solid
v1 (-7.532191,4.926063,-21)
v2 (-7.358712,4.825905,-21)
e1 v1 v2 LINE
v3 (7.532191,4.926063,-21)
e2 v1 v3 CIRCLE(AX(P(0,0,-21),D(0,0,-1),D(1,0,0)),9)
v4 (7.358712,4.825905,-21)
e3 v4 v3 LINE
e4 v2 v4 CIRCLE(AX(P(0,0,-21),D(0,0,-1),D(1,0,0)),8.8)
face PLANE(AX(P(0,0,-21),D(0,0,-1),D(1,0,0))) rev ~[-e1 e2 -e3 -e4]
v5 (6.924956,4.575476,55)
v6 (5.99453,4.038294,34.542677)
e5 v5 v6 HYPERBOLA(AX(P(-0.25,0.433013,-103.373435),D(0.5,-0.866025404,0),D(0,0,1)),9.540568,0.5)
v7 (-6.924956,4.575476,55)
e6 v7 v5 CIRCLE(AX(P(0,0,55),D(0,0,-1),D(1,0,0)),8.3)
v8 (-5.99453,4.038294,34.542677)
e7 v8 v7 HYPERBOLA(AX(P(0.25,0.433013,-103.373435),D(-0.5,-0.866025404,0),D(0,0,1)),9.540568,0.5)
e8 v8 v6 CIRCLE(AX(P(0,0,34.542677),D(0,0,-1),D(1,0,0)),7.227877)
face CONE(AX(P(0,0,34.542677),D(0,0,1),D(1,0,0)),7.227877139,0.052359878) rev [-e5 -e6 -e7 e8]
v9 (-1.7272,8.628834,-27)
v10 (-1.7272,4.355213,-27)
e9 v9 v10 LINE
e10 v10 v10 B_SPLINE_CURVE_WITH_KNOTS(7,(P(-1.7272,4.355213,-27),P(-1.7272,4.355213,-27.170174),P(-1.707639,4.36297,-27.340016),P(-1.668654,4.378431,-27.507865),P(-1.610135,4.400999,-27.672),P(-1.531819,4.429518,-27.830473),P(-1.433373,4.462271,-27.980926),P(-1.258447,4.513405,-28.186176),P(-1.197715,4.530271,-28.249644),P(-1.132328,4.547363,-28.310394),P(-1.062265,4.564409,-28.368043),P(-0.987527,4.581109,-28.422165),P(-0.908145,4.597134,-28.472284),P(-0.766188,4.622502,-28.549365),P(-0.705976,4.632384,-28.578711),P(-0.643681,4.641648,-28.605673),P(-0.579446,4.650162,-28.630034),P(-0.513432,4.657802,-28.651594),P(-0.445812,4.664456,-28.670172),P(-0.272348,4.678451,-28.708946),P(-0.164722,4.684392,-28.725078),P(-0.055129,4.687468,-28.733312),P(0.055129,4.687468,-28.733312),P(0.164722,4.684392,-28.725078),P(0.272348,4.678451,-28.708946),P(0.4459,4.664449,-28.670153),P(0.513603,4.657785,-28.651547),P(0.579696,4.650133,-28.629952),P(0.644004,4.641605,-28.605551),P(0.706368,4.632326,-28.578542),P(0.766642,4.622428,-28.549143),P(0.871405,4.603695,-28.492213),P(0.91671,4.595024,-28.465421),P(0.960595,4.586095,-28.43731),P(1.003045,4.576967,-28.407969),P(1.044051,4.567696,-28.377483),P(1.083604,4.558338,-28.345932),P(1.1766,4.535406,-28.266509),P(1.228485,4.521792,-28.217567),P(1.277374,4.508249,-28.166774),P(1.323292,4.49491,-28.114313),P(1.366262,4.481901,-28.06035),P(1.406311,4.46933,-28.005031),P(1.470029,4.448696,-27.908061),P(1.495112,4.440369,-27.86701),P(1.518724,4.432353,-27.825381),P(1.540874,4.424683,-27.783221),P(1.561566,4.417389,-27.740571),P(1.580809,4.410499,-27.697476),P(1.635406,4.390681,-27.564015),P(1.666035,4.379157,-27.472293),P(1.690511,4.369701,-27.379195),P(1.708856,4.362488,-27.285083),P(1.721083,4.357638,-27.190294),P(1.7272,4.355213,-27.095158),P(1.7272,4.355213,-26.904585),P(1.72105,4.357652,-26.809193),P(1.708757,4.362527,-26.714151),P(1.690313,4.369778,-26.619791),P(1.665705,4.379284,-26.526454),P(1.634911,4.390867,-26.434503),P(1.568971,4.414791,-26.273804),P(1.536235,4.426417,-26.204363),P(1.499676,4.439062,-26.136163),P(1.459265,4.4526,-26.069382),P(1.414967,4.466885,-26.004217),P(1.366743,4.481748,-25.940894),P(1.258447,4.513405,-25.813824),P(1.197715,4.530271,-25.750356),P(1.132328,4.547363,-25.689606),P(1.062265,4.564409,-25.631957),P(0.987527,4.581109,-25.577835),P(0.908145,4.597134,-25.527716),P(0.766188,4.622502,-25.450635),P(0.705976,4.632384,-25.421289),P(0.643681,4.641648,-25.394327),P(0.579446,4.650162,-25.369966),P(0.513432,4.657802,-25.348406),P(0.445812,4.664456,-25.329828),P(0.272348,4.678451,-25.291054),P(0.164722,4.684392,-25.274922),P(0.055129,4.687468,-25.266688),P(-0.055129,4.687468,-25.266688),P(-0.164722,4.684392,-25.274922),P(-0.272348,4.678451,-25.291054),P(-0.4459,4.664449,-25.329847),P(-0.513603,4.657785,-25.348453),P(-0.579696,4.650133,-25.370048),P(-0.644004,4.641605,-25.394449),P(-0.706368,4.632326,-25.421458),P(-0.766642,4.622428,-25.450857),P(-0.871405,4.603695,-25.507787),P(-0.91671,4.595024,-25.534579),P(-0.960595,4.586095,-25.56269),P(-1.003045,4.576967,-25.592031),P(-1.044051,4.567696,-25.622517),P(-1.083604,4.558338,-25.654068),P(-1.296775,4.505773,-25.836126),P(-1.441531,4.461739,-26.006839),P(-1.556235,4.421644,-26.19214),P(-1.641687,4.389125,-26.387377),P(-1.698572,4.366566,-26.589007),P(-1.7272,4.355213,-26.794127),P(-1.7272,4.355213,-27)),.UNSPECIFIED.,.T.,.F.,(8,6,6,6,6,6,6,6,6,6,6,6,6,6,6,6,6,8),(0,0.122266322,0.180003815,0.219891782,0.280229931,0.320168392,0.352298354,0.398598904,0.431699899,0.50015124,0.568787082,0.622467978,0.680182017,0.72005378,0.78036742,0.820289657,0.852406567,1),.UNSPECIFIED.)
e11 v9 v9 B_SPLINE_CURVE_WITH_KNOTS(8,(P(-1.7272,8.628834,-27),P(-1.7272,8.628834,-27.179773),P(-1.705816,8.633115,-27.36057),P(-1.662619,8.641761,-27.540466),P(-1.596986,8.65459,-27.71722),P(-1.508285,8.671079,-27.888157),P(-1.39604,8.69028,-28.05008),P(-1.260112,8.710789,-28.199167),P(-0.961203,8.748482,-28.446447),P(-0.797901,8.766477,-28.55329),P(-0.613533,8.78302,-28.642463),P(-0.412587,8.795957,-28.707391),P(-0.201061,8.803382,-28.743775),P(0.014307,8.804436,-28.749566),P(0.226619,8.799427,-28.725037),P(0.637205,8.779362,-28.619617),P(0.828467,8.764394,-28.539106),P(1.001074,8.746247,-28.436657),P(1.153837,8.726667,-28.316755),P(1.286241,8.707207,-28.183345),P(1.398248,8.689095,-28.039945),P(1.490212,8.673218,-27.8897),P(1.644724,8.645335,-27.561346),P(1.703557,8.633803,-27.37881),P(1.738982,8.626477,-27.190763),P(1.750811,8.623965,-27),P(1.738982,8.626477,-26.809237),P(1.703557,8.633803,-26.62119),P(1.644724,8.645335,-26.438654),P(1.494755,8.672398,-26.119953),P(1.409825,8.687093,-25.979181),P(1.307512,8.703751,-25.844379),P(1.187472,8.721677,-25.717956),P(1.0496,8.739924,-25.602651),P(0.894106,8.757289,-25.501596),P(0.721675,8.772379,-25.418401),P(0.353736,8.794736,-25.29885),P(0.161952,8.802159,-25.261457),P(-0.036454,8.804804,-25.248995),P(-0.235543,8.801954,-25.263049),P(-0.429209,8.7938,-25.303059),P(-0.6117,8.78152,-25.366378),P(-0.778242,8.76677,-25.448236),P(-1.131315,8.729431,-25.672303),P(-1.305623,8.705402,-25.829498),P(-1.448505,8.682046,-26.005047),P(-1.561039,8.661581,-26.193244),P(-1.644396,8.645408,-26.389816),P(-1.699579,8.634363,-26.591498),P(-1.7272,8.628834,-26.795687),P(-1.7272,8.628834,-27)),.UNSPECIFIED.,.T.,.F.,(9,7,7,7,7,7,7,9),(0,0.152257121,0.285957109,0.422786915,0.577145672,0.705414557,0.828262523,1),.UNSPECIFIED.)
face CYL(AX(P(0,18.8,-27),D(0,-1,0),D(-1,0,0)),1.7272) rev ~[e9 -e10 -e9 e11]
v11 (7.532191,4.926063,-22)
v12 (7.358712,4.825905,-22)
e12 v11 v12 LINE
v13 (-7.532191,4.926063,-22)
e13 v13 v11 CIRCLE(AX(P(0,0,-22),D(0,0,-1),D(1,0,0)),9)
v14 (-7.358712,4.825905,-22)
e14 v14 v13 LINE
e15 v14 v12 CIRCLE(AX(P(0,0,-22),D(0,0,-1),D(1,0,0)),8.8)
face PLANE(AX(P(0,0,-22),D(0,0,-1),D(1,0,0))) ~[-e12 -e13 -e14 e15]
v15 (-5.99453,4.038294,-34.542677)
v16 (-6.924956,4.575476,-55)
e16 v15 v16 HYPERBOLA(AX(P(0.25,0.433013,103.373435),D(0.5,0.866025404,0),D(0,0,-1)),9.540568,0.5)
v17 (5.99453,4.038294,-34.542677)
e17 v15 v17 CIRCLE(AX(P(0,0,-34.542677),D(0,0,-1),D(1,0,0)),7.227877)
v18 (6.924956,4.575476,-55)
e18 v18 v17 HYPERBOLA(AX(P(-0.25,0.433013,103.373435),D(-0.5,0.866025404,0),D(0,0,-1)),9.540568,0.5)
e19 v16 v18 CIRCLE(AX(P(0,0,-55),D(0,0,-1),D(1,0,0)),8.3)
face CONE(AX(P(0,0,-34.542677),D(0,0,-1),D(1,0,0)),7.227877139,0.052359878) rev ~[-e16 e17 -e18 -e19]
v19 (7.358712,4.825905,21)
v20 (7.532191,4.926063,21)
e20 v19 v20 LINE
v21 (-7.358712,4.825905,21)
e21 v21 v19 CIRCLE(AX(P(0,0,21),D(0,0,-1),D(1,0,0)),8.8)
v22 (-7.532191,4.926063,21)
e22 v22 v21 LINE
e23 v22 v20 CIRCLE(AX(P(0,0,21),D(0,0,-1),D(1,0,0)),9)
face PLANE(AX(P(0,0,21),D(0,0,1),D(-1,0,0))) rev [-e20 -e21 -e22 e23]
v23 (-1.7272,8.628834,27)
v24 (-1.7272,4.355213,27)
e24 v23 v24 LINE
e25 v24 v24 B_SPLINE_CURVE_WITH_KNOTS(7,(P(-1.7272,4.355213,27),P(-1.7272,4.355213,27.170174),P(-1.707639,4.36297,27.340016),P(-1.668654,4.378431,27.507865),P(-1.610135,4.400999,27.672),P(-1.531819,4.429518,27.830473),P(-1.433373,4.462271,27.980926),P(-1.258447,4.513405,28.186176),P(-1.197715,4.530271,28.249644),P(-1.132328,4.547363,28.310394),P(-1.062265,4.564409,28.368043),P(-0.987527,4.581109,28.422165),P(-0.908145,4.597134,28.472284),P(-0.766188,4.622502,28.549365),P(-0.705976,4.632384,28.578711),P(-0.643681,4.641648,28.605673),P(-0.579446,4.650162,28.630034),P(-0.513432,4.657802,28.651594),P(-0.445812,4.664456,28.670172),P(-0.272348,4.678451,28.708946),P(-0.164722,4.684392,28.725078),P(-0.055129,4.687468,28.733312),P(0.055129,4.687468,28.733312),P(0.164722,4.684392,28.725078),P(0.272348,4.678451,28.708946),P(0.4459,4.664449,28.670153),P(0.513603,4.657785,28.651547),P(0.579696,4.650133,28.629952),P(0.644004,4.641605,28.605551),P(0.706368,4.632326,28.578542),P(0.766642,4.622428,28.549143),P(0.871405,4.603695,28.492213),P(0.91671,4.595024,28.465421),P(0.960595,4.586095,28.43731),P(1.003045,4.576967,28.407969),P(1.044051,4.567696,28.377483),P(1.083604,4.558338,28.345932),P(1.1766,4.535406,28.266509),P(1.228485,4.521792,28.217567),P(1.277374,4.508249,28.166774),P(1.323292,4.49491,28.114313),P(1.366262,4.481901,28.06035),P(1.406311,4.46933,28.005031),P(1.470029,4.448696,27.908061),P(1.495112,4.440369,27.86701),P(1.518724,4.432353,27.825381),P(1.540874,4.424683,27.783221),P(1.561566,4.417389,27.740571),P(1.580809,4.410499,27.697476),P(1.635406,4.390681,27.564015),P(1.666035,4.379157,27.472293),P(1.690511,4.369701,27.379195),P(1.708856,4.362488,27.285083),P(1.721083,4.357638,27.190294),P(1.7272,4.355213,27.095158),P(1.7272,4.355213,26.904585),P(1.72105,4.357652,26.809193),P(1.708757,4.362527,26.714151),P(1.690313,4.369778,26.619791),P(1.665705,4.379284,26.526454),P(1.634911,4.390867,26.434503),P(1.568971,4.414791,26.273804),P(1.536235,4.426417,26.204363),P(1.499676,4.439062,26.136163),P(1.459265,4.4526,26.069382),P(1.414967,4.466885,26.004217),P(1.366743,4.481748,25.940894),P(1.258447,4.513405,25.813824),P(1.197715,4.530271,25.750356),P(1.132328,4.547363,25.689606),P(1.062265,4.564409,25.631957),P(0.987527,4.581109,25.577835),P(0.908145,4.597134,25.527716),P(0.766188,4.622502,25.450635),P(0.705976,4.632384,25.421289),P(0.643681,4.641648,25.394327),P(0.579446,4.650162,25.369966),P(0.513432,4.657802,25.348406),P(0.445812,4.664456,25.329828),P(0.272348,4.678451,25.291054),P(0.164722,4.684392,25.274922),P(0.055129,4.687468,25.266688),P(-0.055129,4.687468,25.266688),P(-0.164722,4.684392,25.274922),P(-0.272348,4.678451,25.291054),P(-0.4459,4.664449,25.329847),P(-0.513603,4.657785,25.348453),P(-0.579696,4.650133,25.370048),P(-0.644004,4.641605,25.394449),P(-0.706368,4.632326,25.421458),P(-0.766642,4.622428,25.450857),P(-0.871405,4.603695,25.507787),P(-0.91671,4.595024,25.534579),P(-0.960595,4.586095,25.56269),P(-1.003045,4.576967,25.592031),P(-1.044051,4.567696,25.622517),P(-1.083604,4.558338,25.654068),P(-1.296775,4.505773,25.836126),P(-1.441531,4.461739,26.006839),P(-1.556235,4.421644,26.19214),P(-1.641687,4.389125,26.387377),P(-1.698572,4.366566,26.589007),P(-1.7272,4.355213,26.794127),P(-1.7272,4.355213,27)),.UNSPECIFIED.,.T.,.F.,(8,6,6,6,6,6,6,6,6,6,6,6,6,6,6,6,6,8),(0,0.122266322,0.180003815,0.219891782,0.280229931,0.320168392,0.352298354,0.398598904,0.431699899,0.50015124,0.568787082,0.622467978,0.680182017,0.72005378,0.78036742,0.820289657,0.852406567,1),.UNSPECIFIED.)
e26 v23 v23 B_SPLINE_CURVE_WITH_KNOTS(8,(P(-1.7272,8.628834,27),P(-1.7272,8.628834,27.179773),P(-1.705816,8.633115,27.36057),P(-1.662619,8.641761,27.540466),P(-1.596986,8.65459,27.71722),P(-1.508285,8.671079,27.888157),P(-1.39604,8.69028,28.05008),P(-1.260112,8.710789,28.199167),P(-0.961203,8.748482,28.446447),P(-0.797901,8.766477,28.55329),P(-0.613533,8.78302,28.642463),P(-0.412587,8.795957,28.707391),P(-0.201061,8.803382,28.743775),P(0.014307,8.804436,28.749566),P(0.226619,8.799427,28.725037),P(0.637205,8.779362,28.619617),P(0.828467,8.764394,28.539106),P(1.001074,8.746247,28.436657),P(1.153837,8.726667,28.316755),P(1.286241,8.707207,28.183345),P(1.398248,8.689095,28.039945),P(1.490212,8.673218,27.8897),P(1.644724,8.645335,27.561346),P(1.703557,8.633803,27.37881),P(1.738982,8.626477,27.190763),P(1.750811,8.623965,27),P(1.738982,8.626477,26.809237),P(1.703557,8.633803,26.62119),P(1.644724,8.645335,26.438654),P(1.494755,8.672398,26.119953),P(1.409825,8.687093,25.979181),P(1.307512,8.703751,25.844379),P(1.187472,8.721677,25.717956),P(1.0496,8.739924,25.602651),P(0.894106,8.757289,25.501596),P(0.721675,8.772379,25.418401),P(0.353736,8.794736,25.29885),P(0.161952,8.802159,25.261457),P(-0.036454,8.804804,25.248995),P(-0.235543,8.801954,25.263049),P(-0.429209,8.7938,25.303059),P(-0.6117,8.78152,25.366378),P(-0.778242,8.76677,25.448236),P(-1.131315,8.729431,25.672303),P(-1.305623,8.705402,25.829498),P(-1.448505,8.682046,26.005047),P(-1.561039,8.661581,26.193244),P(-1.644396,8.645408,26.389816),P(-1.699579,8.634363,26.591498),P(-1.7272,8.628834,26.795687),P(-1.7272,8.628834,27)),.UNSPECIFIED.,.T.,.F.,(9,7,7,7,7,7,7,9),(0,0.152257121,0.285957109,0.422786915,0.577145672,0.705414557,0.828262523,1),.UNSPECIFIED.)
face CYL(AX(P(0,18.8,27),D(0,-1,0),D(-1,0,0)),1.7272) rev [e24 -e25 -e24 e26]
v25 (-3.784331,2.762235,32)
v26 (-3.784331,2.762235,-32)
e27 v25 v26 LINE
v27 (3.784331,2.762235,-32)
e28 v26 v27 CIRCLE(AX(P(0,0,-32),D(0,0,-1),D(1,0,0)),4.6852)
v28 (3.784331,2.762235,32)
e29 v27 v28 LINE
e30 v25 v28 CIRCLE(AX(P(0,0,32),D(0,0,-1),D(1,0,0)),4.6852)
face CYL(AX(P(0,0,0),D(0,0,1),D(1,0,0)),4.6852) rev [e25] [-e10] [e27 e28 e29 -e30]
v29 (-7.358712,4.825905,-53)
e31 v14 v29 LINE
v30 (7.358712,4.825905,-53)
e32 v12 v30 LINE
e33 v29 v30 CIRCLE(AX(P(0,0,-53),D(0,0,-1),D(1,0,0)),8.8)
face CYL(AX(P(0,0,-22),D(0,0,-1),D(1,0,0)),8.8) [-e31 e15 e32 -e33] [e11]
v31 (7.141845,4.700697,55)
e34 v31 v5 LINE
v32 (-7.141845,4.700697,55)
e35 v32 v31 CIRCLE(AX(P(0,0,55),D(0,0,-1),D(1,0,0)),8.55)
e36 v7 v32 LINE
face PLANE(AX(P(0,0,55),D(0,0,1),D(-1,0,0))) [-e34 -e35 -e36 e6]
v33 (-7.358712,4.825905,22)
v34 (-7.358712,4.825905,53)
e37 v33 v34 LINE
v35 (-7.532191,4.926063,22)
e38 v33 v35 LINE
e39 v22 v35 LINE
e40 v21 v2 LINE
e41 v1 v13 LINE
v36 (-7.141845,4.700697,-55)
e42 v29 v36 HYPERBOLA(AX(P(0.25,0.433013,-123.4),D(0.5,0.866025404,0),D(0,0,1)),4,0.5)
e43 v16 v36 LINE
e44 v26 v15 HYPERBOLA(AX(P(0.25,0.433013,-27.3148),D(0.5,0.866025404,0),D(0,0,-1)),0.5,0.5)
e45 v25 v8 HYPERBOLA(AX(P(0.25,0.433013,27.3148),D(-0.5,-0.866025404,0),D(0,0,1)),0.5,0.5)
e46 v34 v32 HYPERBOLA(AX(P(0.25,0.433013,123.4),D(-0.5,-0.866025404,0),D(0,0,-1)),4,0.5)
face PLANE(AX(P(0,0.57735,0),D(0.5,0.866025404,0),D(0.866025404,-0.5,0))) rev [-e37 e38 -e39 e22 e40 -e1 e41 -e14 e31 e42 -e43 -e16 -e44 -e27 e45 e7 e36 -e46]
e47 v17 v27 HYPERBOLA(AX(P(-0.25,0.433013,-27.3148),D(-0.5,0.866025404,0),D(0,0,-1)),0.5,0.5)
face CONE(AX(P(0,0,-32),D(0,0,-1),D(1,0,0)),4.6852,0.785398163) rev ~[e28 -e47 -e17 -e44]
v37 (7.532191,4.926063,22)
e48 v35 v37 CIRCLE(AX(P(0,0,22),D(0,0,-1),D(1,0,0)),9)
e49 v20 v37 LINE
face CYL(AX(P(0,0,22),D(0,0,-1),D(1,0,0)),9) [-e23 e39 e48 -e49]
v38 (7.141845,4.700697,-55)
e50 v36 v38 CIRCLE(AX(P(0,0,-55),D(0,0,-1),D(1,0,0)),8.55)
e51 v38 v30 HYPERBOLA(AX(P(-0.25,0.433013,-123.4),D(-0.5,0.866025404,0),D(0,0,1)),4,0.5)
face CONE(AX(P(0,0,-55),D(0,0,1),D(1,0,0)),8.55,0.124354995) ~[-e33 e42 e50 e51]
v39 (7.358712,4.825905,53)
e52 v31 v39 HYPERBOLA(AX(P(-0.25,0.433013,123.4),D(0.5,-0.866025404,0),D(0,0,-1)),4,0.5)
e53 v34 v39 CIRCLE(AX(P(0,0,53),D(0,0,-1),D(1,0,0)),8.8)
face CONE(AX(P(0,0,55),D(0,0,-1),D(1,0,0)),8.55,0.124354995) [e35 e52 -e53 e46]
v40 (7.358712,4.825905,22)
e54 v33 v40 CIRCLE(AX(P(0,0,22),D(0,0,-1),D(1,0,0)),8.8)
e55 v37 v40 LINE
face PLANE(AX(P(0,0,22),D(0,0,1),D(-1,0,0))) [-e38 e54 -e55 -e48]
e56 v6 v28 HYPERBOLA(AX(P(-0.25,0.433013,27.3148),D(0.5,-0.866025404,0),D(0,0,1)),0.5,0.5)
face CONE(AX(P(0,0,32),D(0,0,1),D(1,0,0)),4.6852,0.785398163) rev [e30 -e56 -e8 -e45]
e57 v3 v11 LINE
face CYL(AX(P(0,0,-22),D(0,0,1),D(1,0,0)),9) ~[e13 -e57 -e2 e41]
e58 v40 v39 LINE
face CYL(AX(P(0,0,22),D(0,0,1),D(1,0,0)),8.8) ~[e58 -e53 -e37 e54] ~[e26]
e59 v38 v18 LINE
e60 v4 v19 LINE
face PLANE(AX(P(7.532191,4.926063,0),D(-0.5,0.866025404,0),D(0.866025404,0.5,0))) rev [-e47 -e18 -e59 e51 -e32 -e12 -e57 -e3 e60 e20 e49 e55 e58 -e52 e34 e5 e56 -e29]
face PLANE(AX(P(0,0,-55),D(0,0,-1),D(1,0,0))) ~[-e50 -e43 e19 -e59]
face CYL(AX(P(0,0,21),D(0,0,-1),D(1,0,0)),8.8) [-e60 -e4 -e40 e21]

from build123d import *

# Parameters (mm, degrees)
F_8_32_TAPPED_HOLE1_D     = 3.4544
F_8_32_TAPPED_HOLE1_DEPTH = 10
F_8_32_TAPPED_HOLE1_TIP   = 1.037806461
CUT_EXTRUDE1_DEPTH        = 56


with BuildPart() as part:
    # Sketch1 → Revolve1 (revolve)
    with BuildSketch(Plane(origin=(0, 0, 0), x_dir=(1, 0, 0), z_dir=(0, 1, 0))):
        Polygon((4.6852, 0), (4.6852, 32), (7.227877139, 34.542677139), (8.3, 55), (8.55, 55), (8.8, 53), (8.8, 32), (8.8, 22), (9, 22), (9, 21), (8.8, 21), (8.8, 0), align=None)
    revolve(axis=Axis((0, 0, 0), (0, 0, -1)))

    # 8-32 Tapped Hole1
    with Locations(Plane(origin=(0, 8.8, -27), x_dir=(1, 0, 0), z_dir=(0, 1, 0))):
        with Locations((0, 0)):
            Hole(F_8_32_TAPPED_HOLE1_D / 2, depth=F_8_32_TAPPED_HOLE1_DEPTH)
            with Locations((0, 0, -(F_8_32_TAPPED_HOLE1_DEPTH + F_8_32_TAPPED_HOLE1_TIP / 2))):  # 118° drill point
                Cone(0, F_8_32_TAPPED_HOLE1_D / 2, F_8_32_TAPPED_HOLE1_TIP, mode=Mode.SUBTRACT)

    # Sketch3 → Cut-Extrude1 (cut, through all)
    with BuildSketch(Plane.XY):
        with BuildLine():
            Line((7.532191208, 4.926062891), (0, 0.577350269))
            Line((0, 0.577350269), (-7.532191208, 4.926062891))
            ThreePointArc((-7.532191208, 4.926062891), (0, -9), (7.532191208, 4.926062891))
        make_face()
    extrude(amount=-CUT_EXTRUDE1_DEPTH, mode=Mode.SUBTRACT)

    # Mirror1: part across plane


with BuildPart() as part_1:
    add(part.part)
    add(part.part.mirror(Plane(origin=(8.8, 0, 0), x_dir=(1, 0, 0), z_dir=(0, 0, 1))))


solid = part_1.part
